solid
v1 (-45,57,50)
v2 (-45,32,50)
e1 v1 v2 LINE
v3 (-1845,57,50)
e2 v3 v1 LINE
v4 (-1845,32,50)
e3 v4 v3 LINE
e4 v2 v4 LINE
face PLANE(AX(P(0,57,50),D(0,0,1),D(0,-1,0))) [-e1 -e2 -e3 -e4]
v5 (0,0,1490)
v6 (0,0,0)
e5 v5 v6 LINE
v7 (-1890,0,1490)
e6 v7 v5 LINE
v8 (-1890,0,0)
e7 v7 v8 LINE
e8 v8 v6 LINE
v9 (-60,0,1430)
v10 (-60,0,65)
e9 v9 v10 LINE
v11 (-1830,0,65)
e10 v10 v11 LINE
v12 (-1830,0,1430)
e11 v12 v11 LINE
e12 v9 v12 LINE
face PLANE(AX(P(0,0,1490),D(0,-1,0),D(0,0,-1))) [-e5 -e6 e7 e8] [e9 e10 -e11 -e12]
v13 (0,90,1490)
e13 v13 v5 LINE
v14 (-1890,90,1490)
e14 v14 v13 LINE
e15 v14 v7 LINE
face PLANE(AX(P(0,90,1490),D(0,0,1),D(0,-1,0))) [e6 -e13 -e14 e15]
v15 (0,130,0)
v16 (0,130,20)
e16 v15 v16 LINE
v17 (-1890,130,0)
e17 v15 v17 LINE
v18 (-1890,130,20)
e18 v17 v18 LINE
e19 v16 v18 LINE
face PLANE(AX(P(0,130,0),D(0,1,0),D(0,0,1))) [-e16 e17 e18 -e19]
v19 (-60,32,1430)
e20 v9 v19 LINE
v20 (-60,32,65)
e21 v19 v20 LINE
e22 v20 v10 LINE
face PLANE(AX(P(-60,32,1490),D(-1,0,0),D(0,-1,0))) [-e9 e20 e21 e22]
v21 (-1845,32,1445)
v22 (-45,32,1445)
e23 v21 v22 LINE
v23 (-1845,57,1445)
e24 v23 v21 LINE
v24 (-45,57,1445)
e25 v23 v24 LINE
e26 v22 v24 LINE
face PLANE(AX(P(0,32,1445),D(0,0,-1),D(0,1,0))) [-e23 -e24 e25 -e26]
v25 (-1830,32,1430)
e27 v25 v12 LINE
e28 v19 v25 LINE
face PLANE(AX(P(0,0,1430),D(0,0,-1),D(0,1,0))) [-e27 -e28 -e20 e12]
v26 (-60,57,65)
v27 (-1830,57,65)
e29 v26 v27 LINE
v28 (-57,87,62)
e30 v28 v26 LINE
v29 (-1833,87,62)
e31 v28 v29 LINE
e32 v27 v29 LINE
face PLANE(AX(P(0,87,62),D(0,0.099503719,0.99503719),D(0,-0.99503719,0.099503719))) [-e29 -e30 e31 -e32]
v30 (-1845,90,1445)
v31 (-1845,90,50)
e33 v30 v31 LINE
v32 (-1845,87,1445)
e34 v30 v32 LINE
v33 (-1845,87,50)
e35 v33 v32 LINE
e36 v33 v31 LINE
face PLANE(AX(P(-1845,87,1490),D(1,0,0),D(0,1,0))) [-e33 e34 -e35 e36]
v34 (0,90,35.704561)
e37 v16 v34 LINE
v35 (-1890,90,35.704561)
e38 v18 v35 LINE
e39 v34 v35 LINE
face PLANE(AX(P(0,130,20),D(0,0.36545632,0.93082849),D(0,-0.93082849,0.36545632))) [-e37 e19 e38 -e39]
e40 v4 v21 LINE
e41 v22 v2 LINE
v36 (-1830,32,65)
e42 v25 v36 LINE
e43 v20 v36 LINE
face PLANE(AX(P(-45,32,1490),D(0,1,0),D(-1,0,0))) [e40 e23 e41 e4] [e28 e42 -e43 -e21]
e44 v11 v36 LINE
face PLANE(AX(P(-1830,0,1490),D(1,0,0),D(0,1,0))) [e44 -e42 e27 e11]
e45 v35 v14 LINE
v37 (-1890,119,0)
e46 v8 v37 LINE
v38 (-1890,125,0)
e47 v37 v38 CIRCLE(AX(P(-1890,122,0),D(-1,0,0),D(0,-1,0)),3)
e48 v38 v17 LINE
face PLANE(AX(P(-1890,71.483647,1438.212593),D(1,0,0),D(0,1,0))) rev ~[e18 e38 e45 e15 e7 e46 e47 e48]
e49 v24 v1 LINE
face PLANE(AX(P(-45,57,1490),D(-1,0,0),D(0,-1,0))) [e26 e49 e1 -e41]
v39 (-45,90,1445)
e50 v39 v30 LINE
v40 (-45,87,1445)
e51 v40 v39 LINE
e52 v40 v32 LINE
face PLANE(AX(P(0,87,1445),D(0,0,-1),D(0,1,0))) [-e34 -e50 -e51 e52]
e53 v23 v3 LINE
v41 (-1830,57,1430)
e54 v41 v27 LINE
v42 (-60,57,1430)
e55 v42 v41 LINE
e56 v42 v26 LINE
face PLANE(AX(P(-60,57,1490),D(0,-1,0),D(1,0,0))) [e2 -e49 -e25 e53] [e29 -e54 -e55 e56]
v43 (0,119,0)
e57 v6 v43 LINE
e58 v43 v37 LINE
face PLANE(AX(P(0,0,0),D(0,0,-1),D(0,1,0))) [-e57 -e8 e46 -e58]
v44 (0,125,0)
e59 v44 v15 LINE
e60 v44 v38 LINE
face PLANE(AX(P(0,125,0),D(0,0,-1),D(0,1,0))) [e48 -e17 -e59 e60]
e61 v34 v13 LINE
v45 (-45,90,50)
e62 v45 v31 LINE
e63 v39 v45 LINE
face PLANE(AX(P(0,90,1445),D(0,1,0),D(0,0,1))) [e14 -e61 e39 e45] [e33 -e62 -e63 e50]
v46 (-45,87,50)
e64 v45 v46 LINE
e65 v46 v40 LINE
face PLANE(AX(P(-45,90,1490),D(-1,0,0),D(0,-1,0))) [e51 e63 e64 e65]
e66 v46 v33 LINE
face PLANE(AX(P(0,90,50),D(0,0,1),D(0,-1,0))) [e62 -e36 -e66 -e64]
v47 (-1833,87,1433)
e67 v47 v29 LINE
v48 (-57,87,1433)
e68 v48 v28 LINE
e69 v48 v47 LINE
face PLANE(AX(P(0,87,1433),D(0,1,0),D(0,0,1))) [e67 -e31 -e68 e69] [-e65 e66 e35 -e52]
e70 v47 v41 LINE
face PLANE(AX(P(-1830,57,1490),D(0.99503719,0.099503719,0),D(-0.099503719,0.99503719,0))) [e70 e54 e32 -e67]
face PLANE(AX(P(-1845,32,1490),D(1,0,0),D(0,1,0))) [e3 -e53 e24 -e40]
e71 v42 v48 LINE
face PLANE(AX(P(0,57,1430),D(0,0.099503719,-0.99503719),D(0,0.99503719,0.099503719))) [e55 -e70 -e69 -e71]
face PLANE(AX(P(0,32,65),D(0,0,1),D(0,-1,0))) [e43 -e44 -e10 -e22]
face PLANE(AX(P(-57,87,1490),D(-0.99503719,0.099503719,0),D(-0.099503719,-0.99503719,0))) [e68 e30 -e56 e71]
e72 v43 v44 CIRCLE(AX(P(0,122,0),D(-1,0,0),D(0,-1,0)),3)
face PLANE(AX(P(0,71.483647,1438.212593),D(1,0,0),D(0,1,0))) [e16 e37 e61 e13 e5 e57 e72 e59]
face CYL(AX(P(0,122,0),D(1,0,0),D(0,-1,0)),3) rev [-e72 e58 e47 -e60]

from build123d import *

# Parameters (mm, degrees)
F1_DEPTH = 1890
F3_DEPTH = 1490


with BuildPart() as f1:
    # F0 (on Right) → F1 (new body)
    with BuildSketch(Plane.YZ):
        with BuildLine():
            Line((0, 40), (0, 0))
            Line((0, 0), (119, 0))
            ThreePointArc((119, 0), (122, 3), (125, 0))
            Line((125, 0), (130, 0))
            Line((130, 0), (130, 20))
            Line((130, 20), (90, 35.704561))
            Line((90, 35.704561), (90, 50))
            Line((90, 50), (87, 50))
            Line((87, 50), (57, 50))
            Line((57, 50), (32, 50))
            Line((32, 50), (32, 65))
            Line((32, 65), (0, 65))
            Line((0, 65), (0, 40))
        make_face()
        Polygon((57, 65), (57, 50), (87, 50), (87, 62), align=None)
        Polygon((87, 1433), (87, 1445), (57, 1445), (57, 1430), align=None)
        Polygon((90, 1490), (0, 1490), (0, 1430), (32, 1430), (32, 1445), (57, 1445), (87, 1445), (90, 1445), align=None)
    extrude(amount=-F1_DEPTH)

    # F2 (on face) → F3 (join)
    with BuildSketch(Plane.XY.offset(1490)):
        Polygon((-60, 0), (0, 0), (0, 90), (-45, 90), (-45, 87), (-45, 57), (-45, 32), (-60, 32), align=None)
        Polygon((-45, 57), (-45, 87), (-57, 87), (-60, 57), align=None)
        Polygon((-1890, 90), (-1890, 0), (-1830, 0), (-1830, 32), (-1845, 32), (-1845, 57), (-1845, 87), (-1845, 90), align=None)
        Polygon((-1833, 87), (-1845, 87), (-1845, 57), (-1830, 57), align=None)
    extrude(amount=-F3_DEPTH)


solid = f1.part
